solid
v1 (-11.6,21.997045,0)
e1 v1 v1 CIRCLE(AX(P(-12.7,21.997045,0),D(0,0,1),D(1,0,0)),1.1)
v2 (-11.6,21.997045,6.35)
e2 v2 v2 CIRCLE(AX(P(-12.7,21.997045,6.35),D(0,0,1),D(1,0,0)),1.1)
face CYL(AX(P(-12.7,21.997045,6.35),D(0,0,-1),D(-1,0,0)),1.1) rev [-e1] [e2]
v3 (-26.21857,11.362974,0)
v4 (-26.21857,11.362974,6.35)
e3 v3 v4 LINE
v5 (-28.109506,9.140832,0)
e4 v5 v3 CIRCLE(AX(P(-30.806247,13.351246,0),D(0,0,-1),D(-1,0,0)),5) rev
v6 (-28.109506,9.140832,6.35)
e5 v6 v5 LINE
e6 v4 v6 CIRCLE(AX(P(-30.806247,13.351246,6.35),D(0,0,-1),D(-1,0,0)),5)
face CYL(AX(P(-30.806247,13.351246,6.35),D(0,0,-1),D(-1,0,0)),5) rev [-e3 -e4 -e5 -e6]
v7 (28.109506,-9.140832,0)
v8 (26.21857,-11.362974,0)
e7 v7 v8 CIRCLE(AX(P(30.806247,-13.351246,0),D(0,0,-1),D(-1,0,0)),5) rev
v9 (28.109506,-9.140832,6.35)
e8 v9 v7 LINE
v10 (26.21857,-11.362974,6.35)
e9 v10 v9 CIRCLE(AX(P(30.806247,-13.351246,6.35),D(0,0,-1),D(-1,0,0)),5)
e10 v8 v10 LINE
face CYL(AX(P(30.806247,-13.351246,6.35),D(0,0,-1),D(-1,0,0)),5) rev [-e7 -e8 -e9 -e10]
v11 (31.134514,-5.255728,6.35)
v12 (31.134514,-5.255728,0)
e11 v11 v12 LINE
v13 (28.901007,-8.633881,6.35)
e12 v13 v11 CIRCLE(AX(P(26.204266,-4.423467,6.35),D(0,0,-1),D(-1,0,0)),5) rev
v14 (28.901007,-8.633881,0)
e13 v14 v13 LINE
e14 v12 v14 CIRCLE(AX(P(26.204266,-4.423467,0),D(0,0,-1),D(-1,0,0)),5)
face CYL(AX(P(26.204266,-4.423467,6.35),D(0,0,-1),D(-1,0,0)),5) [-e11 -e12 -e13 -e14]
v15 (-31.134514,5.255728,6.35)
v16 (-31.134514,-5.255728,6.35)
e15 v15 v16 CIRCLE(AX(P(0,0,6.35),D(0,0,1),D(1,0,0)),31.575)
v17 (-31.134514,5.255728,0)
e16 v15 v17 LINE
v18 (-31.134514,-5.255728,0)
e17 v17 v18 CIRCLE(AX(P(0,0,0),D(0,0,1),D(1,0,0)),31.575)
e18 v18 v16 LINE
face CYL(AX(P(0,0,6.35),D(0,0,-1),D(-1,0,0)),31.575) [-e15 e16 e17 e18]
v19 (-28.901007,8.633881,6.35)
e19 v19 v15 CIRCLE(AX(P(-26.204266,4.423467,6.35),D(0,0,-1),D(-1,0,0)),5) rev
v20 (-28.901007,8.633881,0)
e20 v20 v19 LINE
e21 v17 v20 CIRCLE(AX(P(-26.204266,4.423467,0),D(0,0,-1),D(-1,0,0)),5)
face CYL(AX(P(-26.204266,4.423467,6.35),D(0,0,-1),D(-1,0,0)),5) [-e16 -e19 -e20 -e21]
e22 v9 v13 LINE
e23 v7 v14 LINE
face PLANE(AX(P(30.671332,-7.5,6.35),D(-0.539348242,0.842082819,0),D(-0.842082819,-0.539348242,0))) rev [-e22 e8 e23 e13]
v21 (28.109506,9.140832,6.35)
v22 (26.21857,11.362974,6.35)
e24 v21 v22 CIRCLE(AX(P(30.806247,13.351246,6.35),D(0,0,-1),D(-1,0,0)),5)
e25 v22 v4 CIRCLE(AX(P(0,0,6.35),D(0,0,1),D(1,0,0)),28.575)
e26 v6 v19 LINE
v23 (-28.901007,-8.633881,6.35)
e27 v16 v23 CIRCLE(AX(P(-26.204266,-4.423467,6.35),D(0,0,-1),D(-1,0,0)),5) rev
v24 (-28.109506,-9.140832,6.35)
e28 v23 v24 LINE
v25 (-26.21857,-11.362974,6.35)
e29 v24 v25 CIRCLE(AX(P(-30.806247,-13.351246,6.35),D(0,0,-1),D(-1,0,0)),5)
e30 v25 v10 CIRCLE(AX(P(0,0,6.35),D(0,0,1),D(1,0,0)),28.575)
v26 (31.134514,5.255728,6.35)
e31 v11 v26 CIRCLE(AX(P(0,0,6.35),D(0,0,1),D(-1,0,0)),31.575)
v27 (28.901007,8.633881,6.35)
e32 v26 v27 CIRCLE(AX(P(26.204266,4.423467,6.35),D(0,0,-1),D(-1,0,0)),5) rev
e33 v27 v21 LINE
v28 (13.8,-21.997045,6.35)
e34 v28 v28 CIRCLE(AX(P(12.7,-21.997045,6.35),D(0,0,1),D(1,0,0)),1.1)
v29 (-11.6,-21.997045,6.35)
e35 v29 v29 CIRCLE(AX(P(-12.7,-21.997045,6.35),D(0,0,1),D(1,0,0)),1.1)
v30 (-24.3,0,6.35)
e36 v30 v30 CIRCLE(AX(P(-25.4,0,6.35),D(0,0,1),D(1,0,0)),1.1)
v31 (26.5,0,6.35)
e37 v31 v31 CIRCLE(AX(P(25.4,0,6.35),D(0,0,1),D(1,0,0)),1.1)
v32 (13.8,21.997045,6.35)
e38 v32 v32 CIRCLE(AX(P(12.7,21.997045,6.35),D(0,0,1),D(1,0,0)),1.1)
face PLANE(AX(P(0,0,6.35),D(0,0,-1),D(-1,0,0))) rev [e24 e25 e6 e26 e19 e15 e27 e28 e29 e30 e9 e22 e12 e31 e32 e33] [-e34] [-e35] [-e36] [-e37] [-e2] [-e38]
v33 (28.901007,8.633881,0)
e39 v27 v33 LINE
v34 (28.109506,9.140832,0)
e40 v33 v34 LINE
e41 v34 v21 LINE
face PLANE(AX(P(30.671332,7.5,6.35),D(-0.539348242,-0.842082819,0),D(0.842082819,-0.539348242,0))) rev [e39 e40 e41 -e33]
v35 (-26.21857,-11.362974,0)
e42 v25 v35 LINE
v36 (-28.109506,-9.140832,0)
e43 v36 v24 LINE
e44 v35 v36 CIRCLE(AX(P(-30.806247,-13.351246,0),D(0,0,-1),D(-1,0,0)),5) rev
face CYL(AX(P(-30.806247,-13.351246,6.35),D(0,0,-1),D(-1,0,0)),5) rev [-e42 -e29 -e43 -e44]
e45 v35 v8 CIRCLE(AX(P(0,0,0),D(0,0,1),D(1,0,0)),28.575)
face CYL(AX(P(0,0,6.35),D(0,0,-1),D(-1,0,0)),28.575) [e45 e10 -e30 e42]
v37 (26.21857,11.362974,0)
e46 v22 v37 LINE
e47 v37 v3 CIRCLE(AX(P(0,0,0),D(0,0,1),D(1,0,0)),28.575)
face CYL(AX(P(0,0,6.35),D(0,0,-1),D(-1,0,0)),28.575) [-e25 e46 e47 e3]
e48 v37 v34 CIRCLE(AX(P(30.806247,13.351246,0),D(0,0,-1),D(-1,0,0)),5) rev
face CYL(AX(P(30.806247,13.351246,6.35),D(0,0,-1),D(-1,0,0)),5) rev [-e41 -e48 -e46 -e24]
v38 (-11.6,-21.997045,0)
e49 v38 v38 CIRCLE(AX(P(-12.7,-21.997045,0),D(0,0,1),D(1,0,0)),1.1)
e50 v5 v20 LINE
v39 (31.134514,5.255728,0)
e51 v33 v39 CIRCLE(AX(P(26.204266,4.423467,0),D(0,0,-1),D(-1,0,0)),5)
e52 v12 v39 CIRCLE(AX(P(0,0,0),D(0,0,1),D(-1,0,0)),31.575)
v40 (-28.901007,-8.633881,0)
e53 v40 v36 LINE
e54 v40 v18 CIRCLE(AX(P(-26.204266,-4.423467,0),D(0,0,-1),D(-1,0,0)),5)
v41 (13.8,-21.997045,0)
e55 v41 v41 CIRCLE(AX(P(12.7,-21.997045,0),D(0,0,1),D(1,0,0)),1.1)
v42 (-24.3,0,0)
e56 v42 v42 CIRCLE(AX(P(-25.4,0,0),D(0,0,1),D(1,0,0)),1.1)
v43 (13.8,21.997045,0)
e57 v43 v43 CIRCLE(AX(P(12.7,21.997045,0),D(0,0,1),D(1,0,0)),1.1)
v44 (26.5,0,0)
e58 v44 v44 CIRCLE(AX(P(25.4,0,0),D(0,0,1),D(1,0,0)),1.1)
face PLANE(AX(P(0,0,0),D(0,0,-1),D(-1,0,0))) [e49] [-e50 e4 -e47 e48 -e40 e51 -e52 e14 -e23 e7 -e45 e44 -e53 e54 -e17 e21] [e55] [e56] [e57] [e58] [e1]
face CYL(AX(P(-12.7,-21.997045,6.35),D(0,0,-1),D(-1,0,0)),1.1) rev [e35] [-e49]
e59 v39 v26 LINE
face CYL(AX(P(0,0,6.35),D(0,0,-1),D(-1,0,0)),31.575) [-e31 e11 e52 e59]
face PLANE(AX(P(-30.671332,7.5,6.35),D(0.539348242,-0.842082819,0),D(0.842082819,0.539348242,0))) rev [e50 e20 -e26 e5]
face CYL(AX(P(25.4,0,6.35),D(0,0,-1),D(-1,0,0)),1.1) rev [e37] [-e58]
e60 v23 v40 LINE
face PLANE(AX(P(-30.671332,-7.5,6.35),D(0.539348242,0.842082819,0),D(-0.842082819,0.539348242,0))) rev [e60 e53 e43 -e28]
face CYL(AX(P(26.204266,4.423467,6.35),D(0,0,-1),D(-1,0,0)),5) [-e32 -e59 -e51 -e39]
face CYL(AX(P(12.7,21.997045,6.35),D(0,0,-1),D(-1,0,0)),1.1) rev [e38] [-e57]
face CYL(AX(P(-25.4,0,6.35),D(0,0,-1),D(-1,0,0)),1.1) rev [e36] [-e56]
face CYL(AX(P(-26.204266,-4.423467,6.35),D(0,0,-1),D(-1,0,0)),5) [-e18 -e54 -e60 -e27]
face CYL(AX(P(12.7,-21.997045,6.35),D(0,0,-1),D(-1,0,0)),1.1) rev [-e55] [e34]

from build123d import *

# Parameters (mm, degrees)
SKETCH1_R           = 1.1
BOSS_EXTRUDE1_DEPTH = 6.35
FILLET1_R           = 5


with BuildPart() as part:
    # Sketch1 → Boss-Extrude1 (new body)
    with BuildSketch(Plane.XY):
        with BuildLine():
            Line((-30.671332299, 7.5), (-26.768089678, 10))
            ThreePointArc((-26.768089678, 10), (0, 28.575), (26.768089678, 10))
            Line((26.768089678, 10), (30.671332299, 7.5))
            ThreePointArc((30.671332299, 7.5), (31.575, 0), (30.671332299, -7.5))
            Line((30.671332299, -7.5), (26.768089678, -10))
            ThreePointArc((26.768089678, -10), (0, -28.575), (-26.768089678, -10))
            Line((-26.768089678, -10), (-30.671332299, -7.5))
            ThreePointArc((-30.671332299, -7.5), (-31.575, 0), (-30.671332299, 7.5))
        make_face()
        with Locations((-25.4, 0)):
            Circle(SKETCH1_R, mode=Mode.SUBTRACT)
        with Locations((-12.7, 21.997045256)):
            Circle(SKETCH1_R, mode=Mode.SUBTRACT)
        with Locations((12.7, 21.997045256)):
            Circle(SKETCH1_R, mode=Mode.SUBTRACT)
        with Locations((25.4, 0)):
            Circle(SKETCH1_R, mode=Mode.SUBTRACT)
        with Locations((12.7, -21.997045256)):
            Circle(SKETCH1_R, mode=Mode.SUBTRACT)
        with Locations((-12.7, -21.997045256)):
            Circle(SKETCH1_R, mode=Mode.SUBTRACT)
    extrude(amount=BOSS_EXTRUDE1_DEPTH)

    # Fillet1
    fillet1_edges = [part.edges().sort_by_distance(p)[0] for p in [
        (30.671332299, -7.5, 3.175),
        (26.768089678, -10, 3.175),
        (-26.768089678, -10, 3.175),
        (-30.671332299, -7.5, 3.175),
        (-30.671332299, 7.5, 3.175),
        (-26.768089678, 10, 3.175),
        (26.768089678, 10, 3.175),
        (30.671332299, 7.5, 3.175),
    ]]
    fillet(fillet1_edges, radius=FILLET1_R)


solid = part.part
